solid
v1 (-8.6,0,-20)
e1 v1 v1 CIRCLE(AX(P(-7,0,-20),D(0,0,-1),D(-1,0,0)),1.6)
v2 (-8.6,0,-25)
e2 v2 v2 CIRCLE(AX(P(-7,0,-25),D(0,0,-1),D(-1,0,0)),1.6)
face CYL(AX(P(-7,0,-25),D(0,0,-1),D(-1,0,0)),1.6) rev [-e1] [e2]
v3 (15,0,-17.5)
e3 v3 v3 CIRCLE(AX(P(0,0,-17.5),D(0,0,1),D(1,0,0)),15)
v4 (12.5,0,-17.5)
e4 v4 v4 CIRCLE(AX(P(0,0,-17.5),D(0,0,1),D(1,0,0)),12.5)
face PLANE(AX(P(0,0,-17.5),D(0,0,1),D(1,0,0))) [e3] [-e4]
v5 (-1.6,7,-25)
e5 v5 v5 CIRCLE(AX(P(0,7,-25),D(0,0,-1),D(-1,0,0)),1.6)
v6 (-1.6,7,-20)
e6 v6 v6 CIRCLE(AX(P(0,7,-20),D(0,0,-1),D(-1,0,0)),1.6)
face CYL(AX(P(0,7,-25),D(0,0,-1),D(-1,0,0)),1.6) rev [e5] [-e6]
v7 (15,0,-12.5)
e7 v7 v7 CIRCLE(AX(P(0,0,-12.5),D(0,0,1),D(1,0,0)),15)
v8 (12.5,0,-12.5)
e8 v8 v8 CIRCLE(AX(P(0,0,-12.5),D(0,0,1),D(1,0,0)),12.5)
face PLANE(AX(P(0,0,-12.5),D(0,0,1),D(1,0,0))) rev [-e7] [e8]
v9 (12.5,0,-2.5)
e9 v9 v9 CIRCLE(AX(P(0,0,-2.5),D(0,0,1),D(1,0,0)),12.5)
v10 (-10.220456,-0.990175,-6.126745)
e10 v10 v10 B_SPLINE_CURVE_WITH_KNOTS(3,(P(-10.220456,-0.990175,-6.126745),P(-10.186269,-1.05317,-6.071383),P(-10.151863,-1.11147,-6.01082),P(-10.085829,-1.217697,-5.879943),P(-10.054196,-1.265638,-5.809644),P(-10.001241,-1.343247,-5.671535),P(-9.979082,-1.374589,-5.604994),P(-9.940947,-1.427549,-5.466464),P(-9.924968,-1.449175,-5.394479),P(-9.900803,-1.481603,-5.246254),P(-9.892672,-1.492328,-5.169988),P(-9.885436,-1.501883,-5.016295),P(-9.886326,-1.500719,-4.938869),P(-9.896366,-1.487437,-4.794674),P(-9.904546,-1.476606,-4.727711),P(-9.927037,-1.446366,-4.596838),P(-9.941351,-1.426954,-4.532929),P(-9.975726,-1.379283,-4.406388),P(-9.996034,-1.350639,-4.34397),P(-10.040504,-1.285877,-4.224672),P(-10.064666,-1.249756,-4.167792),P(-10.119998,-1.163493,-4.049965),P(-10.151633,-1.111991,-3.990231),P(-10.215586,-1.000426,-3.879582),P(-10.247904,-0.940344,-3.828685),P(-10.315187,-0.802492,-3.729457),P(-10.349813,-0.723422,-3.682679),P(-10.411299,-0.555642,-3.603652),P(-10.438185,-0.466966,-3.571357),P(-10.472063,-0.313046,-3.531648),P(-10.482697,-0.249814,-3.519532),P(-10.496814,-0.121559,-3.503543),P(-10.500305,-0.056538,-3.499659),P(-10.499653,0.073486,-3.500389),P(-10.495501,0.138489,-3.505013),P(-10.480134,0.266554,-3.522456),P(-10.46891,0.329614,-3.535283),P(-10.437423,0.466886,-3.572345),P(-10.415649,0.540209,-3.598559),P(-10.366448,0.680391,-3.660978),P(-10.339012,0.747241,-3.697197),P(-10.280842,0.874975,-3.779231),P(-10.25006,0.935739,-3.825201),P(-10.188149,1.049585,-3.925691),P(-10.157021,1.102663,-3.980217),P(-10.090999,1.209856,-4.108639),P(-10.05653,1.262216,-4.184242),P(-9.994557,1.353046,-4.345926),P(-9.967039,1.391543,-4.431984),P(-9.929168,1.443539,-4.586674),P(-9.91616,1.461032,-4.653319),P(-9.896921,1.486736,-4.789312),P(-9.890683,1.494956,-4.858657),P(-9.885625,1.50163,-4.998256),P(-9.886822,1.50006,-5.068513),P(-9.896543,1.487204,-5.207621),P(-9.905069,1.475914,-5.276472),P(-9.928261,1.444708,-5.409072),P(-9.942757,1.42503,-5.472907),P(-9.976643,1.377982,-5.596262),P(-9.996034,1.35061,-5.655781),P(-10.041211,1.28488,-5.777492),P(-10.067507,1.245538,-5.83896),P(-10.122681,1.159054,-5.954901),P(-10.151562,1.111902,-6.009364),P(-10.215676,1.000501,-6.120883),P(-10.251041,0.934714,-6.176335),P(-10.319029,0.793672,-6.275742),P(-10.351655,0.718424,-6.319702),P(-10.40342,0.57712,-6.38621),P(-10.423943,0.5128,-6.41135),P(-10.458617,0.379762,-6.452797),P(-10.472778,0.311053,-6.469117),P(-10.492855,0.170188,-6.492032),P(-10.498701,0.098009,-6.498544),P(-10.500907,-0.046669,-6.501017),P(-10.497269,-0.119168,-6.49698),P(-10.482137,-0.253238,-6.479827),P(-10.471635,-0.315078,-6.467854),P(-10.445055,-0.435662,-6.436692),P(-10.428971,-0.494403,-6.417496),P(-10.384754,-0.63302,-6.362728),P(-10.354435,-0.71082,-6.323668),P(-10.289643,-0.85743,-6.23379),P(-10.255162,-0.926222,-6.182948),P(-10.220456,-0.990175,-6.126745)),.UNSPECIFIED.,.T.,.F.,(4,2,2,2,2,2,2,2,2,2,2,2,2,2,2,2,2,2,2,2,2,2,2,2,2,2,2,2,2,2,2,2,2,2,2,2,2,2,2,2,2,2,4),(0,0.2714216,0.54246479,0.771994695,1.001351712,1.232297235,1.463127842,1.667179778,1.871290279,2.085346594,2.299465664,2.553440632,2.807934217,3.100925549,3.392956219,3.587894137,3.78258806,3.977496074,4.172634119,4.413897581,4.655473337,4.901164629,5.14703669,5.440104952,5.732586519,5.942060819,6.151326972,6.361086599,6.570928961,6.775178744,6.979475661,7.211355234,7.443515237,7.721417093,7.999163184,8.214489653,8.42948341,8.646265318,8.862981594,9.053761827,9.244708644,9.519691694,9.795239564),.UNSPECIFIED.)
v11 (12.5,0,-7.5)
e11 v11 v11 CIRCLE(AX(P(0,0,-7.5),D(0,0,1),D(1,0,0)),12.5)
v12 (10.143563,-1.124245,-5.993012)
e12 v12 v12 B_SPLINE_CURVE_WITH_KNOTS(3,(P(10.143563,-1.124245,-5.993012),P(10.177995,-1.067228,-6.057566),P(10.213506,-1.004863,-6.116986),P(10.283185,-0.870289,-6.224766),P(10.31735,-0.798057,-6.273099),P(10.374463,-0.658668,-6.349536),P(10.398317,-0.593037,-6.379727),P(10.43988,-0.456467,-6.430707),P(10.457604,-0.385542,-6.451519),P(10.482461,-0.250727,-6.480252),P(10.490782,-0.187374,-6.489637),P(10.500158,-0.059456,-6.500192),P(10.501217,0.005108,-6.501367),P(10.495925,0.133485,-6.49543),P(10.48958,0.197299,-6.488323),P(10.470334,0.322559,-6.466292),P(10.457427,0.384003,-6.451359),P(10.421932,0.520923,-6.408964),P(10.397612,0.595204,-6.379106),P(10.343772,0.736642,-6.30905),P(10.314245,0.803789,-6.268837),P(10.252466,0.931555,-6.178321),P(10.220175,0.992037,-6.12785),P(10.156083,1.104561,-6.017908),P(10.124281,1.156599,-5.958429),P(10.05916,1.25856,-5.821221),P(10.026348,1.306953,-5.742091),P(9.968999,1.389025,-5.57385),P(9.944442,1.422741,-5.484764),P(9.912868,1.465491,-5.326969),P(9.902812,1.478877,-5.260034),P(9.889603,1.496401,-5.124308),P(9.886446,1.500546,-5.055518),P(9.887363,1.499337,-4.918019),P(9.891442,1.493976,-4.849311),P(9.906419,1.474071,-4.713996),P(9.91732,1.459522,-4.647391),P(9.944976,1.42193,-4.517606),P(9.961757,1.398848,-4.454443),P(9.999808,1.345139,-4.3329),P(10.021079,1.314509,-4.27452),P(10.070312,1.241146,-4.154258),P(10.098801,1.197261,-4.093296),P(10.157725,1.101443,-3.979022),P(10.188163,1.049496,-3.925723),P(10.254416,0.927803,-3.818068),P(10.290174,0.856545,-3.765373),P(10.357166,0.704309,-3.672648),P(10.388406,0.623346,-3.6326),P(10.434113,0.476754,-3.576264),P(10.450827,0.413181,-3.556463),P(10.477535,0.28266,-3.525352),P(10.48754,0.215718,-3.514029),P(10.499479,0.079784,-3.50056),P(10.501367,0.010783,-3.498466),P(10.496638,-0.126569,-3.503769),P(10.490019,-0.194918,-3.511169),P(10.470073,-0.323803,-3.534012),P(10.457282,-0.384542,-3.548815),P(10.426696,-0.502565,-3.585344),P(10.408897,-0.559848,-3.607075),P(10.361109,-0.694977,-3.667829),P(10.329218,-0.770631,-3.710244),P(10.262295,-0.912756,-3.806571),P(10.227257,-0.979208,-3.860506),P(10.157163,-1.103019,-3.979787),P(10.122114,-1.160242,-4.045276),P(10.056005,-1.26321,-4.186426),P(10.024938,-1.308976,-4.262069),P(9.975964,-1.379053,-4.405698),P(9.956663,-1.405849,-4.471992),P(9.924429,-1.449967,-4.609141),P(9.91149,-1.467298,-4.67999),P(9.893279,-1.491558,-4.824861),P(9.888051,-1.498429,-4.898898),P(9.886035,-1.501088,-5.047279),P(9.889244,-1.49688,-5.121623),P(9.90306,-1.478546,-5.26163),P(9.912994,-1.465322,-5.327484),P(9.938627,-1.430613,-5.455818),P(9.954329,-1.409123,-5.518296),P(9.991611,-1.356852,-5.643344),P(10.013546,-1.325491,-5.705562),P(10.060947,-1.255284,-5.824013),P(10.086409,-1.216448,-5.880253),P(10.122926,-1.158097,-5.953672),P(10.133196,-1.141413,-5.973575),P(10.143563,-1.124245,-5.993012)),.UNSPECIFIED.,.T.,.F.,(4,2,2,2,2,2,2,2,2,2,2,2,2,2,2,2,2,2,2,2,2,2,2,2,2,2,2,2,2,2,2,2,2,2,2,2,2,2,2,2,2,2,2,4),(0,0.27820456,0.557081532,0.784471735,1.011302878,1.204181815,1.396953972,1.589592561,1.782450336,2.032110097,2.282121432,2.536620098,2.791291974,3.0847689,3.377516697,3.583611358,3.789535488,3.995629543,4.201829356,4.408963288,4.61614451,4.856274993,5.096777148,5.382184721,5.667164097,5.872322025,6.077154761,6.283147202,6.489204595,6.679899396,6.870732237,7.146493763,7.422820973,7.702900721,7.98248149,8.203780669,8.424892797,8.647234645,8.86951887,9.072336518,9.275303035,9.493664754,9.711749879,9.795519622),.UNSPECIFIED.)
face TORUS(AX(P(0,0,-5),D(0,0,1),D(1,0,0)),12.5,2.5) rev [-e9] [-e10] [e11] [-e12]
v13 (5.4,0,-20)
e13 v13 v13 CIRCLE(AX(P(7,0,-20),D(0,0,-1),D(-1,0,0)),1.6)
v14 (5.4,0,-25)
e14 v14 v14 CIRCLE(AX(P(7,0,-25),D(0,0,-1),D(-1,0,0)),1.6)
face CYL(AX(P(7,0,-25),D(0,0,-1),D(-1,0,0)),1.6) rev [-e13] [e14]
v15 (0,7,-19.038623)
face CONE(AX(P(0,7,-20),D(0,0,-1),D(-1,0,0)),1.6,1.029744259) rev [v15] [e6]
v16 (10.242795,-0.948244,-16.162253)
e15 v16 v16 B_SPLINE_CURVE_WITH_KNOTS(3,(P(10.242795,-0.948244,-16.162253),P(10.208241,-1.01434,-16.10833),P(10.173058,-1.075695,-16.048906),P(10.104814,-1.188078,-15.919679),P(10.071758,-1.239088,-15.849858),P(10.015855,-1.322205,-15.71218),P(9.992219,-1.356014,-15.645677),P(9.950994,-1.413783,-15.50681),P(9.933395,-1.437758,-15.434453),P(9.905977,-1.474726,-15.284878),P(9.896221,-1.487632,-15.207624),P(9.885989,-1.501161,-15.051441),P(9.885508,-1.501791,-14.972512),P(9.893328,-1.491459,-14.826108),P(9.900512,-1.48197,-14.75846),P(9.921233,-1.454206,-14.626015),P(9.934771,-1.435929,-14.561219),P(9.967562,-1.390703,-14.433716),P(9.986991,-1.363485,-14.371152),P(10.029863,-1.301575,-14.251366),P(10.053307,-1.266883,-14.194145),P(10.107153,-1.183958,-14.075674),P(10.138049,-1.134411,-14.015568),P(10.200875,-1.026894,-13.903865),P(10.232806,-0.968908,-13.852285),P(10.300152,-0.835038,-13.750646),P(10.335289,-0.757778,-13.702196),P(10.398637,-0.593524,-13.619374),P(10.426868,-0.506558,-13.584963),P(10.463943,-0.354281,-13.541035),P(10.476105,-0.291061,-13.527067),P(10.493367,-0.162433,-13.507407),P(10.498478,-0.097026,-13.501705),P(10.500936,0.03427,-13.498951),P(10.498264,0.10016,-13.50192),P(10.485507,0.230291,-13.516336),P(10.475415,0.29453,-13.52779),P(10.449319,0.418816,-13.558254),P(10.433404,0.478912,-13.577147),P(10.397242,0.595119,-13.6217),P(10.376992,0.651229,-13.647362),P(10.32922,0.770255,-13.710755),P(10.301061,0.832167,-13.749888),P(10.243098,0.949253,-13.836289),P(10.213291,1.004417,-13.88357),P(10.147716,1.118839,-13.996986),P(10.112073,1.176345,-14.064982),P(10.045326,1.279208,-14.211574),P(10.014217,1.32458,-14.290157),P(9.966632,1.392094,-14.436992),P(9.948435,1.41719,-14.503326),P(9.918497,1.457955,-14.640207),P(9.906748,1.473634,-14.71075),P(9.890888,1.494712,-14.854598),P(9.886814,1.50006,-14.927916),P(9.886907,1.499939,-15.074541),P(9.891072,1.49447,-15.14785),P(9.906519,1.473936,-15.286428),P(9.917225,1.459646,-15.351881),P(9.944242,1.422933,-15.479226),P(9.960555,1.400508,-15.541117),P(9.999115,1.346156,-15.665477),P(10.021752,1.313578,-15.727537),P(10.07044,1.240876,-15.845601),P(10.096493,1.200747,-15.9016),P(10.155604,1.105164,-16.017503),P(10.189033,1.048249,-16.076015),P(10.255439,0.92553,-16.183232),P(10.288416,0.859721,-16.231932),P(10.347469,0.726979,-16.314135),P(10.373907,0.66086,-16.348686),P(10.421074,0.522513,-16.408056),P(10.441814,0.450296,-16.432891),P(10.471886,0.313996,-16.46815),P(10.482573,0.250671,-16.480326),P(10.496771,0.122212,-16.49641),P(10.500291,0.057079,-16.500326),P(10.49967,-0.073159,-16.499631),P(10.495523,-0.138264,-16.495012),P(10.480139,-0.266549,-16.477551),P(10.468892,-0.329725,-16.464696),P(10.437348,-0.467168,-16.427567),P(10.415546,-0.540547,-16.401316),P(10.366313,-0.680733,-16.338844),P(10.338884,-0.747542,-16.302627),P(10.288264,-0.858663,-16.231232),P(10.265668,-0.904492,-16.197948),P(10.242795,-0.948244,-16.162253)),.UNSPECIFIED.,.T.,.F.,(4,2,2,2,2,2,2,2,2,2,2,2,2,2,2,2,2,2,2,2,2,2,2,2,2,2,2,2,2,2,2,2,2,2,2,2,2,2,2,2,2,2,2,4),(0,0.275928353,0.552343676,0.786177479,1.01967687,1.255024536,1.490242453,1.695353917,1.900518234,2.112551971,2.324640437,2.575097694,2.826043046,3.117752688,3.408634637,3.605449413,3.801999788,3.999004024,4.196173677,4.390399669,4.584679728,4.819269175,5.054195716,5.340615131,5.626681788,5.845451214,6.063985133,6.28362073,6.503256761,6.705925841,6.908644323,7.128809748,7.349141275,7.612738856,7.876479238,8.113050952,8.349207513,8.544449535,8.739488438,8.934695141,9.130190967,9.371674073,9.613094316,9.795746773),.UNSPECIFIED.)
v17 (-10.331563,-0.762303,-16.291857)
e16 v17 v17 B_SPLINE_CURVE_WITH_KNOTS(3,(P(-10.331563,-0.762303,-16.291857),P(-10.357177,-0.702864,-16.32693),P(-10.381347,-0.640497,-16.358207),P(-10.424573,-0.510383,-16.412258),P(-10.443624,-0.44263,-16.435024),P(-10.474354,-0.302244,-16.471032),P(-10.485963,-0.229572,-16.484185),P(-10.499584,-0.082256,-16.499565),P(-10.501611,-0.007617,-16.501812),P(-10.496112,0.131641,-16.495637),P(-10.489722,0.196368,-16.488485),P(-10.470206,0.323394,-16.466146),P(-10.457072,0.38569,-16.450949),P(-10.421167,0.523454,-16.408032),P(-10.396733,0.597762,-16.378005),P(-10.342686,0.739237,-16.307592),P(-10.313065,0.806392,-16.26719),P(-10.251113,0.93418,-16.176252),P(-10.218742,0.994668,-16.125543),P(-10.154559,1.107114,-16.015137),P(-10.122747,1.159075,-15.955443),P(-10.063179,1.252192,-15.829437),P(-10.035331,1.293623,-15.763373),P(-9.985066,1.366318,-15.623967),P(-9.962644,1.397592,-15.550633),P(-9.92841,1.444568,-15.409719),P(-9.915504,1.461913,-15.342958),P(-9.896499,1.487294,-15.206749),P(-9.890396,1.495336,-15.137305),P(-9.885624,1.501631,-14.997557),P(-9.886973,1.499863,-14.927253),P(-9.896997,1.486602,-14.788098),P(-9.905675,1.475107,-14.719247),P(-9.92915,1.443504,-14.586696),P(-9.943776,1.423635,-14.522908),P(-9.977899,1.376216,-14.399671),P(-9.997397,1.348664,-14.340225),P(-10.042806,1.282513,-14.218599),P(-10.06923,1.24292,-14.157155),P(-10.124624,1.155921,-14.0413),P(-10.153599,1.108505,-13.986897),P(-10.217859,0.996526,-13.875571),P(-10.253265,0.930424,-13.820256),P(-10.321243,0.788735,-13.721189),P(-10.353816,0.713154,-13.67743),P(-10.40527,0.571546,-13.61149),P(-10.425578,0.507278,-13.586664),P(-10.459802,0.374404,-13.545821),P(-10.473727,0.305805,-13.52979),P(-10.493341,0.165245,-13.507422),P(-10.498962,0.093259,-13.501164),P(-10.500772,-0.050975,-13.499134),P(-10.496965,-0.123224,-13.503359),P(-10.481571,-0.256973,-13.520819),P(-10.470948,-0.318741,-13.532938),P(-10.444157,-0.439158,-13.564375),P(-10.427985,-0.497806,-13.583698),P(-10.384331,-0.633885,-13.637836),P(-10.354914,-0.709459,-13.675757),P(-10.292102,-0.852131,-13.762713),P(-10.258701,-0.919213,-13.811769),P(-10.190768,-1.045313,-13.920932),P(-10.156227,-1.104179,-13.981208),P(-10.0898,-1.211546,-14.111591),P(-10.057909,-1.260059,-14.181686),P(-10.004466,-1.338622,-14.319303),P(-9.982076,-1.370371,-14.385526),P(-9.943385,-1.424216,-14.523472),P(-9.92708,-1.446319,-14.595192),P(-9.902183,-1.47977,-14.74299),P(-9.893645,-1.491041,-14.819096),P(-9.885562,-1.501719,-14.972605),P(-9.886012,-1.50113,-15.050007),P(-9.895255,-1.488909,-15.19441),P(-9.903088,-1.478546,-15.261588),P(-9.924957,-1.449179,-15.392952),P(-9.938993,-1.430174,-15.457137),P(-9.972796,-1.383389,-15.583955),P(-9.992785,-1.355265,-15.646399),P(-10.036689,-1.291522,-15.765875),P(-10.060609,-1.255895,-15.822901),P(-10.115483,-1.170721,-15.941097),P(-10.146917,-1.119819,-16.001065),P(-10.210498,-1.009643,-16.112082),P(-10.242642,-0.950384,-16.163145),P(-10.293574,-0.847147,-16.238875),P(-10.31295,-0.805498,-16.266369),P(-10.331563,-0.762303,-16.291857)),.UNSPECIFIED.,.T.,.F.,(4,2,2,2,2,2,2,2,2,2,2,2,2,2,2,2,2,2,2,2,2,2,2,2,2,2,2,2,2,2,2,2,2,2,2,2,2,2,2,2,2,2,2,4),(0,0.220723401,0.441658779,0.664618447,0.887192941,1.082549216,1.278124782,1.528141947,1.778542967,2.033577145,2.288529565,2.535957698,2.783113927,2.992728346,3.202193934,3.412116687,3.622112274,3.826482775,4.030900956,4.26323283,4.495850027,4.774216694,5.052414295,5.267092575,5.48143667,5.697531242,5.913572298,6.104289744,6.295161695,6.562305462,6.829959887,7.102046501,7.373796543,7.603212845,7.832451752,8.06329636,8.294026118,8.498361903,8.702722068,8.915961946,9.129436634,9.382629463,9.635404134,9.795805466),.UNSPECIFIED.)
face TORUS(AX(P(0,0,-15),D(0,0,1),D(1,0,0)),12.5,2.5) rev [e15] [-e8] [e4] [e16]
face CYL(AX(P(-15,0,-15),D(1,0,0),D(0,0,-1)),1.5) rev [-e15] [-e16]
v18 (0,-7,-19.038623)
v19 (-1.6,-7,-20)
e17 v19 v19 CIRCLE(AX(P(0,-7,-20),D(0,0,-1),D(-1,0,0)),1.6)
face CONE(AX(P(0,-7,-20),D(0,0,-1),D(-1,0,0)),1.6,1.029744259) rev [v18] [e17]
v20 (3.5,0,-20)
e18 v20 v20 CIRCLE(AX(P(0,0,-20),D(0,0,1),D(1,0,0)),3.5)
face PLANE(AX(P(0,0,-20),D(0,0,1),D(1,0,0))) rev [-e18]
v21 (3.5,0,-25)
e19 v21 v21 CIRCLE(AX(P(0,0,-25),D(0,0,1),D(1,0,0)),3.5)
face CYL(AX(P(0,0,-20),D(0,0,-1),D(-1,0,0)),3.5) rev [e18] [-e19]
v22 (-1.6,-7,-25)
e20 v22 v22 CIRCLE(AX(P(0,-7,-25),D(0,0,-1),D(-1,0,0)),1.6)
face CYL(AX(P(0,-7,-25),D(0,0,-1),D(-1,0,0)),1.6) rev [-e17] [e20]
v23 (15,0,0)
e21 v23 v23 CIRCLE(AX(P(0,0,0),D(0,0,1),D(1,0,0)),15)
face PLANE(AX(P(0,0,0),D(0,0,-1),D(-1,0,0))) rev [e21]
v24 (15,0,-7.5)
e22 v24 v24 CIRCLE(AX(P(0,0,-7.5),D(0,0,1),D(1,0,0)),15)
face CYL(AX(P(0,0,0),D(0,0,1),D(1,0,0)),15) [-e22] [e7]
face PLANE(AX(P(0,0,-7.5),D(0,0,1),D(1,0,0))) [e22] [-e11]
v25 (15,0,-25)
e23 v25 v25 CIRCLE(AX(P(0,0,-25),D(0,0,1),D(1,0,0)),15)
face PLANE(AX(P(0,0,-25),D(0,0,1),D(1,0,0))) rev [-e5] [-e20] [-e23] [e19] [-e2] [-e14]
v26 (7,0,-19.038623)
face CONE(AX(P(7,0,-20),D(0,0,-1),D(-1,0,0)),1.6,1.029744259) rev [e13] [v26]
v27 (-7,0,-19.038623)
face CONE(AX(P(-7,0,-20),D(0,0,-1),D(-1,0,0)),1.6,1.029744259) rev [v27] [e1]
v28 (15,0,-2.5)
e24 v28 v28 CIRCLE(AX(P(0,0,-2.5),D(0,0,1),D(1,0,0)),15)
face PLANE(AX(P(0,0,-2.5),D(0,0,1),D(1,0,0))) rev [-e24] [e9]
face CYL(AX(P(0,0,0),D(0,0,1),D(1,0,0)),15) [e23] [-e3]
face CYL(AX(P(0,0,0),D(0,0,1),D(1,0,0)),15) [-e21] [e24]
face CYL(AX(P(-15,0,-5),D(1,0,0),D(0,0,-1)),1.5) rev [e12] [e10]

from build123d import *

# Parameters (mm, degrees)
SKETCH2_ONE_SIDE_W       = 5
SKETCH2_ONE_SIDE_H       = 15
SKETCH2_6_R              = 1.5
CUT_EXTRUDE1_DEPTH       = 16
CUT_EXTRUDE1_DEPTH_BACK  = 16
M3_CLEARANCE_HOLE1_D     = 3.2
M3_CLEARANCE_HOLE1_DEPTH = 5
M3_CLEARANCE_HOLE1_TIP   = 0.96137699
CUT_EXTRUDE2_START       = -25
SKETCH1_R                = 3.5
CUT_EXTRUDE2_DEPTH       = 5


with BuildPart() as part:
    # Sketch2 one side → Revolve5 (revolve)
    with BuildSketch(Plane(origin=(0, 0, 0), x_dir=(0, 0, -1), z_dir=(1, 0, 0))):
        with BuildLine():
            Line((3.5, 0), (6.5, 0))
            ThreePointArc((6.5, 0), (5, 1.5), (3.5, 0))
        make_face()
        with BuildLine():
            Line((13.5, 0), (16.5, 0))
            ThreePointArc((16.5, 0), (15, 1.5), (13.5, 0))
        make_face()
        with BuildLine():
            Line((2.5, 12.5), (2.5, 15))
            Line((2.5, 15), (0, 15))
            Line((0, 15), (0, 0))
            Line((0, 0), (3.5, 0))
            ThreePointArc((3.5, 0), (5, 1.5), (6.5, 0))
            Line((6.5, 0), (10, 0))
            Line((10, 0), (13.5, 0))
            ThreePointArc((13.5, 0), (15, 1.5), (16.5, 0))
            Line((16.5, 0), (20, 0))
            Line((20, 0), (20, 15))
            Line((20, 15), (17.5, 15))
            Line((17.5, 15), (17.5, 12.5))
            ThreePointArc((17.5, 12.5), (15, 10), (12.5, 12.5))
            Line((12.5, 12.5), (12.5, 15))
            Line((12.5, 15), (7.5, 15))
            Line((7.5, 15), (7.5, 12.5))
            ThreePointArc((7.5, 12.5), (5, 10), (2.5, 12.5))
        make_face()
        with Locations((22.5, 7.5)):
            Rectangle(SKETCH2_ONE_SIDE_W, SKETCH2_ONE_SIDE_H)
    revolve(axis=Axis((0, 0, 0), (0, 0, -1)))

    # Sketch2<6> → Cut-Extrude1 (cut, two sides)
    with BuildSketch(Plane(origin=(0, 0, 0), x_dir=(0, 0, -1), z_dir=(1, 0, 0))) as cut_extrude1_sk:
        with Locations((5, 0)):
            Circle(SKETCH2_6_R)
        with Locations((15, 0)):
            Circle(SKETCH2_6_R)
    extrude(amount=CUT_EXTRUDE1_DEPTH, mode=Mode.SUBTRACT)
    extrude(cut_extrude1_sk.sketch, amount=-CUT_EXTRUDE1_DEPTH_BACK, mode=Mode.SUBTRACT)

    # M3 Clearance Hole1
    with Locations(Plane(origin=(0, 0, -25), x_dir=(-1, 0, 0), z_dir=(0, 0, -1))):
        with Locations((0, 7), (7, 0), (0, -7), (-7, 0)):
            Hole(M3_CLEARANCE_HOLE1_D / 2, depth=M3_CLEARANCE_HOLE1_DEPTH)
            with Locations((0, 0, -(M3_CLEARANCE_HOLE1_DEPTH + M3_CLEARANCE_HOLE1_TIP / 2))):  # 118° drill point
                Cone(0, M3_CLEARANCE_HOLE1_D / 2, M3_CLEARANCE_HOLE1_TIP, mode=Mode.SUBTRACT)

    # Sketch1 → Cut-Extrude2 (cut)
    with BuildSketch(Plane.XY.offset(CUT_EXTRUDE2_START)):
        Circle(SKETCH1_R)
    extrude(amount=CUT_EXTRUDE2_DEPTH, mode=Mode.SUBTRACT)


solid = part.part
